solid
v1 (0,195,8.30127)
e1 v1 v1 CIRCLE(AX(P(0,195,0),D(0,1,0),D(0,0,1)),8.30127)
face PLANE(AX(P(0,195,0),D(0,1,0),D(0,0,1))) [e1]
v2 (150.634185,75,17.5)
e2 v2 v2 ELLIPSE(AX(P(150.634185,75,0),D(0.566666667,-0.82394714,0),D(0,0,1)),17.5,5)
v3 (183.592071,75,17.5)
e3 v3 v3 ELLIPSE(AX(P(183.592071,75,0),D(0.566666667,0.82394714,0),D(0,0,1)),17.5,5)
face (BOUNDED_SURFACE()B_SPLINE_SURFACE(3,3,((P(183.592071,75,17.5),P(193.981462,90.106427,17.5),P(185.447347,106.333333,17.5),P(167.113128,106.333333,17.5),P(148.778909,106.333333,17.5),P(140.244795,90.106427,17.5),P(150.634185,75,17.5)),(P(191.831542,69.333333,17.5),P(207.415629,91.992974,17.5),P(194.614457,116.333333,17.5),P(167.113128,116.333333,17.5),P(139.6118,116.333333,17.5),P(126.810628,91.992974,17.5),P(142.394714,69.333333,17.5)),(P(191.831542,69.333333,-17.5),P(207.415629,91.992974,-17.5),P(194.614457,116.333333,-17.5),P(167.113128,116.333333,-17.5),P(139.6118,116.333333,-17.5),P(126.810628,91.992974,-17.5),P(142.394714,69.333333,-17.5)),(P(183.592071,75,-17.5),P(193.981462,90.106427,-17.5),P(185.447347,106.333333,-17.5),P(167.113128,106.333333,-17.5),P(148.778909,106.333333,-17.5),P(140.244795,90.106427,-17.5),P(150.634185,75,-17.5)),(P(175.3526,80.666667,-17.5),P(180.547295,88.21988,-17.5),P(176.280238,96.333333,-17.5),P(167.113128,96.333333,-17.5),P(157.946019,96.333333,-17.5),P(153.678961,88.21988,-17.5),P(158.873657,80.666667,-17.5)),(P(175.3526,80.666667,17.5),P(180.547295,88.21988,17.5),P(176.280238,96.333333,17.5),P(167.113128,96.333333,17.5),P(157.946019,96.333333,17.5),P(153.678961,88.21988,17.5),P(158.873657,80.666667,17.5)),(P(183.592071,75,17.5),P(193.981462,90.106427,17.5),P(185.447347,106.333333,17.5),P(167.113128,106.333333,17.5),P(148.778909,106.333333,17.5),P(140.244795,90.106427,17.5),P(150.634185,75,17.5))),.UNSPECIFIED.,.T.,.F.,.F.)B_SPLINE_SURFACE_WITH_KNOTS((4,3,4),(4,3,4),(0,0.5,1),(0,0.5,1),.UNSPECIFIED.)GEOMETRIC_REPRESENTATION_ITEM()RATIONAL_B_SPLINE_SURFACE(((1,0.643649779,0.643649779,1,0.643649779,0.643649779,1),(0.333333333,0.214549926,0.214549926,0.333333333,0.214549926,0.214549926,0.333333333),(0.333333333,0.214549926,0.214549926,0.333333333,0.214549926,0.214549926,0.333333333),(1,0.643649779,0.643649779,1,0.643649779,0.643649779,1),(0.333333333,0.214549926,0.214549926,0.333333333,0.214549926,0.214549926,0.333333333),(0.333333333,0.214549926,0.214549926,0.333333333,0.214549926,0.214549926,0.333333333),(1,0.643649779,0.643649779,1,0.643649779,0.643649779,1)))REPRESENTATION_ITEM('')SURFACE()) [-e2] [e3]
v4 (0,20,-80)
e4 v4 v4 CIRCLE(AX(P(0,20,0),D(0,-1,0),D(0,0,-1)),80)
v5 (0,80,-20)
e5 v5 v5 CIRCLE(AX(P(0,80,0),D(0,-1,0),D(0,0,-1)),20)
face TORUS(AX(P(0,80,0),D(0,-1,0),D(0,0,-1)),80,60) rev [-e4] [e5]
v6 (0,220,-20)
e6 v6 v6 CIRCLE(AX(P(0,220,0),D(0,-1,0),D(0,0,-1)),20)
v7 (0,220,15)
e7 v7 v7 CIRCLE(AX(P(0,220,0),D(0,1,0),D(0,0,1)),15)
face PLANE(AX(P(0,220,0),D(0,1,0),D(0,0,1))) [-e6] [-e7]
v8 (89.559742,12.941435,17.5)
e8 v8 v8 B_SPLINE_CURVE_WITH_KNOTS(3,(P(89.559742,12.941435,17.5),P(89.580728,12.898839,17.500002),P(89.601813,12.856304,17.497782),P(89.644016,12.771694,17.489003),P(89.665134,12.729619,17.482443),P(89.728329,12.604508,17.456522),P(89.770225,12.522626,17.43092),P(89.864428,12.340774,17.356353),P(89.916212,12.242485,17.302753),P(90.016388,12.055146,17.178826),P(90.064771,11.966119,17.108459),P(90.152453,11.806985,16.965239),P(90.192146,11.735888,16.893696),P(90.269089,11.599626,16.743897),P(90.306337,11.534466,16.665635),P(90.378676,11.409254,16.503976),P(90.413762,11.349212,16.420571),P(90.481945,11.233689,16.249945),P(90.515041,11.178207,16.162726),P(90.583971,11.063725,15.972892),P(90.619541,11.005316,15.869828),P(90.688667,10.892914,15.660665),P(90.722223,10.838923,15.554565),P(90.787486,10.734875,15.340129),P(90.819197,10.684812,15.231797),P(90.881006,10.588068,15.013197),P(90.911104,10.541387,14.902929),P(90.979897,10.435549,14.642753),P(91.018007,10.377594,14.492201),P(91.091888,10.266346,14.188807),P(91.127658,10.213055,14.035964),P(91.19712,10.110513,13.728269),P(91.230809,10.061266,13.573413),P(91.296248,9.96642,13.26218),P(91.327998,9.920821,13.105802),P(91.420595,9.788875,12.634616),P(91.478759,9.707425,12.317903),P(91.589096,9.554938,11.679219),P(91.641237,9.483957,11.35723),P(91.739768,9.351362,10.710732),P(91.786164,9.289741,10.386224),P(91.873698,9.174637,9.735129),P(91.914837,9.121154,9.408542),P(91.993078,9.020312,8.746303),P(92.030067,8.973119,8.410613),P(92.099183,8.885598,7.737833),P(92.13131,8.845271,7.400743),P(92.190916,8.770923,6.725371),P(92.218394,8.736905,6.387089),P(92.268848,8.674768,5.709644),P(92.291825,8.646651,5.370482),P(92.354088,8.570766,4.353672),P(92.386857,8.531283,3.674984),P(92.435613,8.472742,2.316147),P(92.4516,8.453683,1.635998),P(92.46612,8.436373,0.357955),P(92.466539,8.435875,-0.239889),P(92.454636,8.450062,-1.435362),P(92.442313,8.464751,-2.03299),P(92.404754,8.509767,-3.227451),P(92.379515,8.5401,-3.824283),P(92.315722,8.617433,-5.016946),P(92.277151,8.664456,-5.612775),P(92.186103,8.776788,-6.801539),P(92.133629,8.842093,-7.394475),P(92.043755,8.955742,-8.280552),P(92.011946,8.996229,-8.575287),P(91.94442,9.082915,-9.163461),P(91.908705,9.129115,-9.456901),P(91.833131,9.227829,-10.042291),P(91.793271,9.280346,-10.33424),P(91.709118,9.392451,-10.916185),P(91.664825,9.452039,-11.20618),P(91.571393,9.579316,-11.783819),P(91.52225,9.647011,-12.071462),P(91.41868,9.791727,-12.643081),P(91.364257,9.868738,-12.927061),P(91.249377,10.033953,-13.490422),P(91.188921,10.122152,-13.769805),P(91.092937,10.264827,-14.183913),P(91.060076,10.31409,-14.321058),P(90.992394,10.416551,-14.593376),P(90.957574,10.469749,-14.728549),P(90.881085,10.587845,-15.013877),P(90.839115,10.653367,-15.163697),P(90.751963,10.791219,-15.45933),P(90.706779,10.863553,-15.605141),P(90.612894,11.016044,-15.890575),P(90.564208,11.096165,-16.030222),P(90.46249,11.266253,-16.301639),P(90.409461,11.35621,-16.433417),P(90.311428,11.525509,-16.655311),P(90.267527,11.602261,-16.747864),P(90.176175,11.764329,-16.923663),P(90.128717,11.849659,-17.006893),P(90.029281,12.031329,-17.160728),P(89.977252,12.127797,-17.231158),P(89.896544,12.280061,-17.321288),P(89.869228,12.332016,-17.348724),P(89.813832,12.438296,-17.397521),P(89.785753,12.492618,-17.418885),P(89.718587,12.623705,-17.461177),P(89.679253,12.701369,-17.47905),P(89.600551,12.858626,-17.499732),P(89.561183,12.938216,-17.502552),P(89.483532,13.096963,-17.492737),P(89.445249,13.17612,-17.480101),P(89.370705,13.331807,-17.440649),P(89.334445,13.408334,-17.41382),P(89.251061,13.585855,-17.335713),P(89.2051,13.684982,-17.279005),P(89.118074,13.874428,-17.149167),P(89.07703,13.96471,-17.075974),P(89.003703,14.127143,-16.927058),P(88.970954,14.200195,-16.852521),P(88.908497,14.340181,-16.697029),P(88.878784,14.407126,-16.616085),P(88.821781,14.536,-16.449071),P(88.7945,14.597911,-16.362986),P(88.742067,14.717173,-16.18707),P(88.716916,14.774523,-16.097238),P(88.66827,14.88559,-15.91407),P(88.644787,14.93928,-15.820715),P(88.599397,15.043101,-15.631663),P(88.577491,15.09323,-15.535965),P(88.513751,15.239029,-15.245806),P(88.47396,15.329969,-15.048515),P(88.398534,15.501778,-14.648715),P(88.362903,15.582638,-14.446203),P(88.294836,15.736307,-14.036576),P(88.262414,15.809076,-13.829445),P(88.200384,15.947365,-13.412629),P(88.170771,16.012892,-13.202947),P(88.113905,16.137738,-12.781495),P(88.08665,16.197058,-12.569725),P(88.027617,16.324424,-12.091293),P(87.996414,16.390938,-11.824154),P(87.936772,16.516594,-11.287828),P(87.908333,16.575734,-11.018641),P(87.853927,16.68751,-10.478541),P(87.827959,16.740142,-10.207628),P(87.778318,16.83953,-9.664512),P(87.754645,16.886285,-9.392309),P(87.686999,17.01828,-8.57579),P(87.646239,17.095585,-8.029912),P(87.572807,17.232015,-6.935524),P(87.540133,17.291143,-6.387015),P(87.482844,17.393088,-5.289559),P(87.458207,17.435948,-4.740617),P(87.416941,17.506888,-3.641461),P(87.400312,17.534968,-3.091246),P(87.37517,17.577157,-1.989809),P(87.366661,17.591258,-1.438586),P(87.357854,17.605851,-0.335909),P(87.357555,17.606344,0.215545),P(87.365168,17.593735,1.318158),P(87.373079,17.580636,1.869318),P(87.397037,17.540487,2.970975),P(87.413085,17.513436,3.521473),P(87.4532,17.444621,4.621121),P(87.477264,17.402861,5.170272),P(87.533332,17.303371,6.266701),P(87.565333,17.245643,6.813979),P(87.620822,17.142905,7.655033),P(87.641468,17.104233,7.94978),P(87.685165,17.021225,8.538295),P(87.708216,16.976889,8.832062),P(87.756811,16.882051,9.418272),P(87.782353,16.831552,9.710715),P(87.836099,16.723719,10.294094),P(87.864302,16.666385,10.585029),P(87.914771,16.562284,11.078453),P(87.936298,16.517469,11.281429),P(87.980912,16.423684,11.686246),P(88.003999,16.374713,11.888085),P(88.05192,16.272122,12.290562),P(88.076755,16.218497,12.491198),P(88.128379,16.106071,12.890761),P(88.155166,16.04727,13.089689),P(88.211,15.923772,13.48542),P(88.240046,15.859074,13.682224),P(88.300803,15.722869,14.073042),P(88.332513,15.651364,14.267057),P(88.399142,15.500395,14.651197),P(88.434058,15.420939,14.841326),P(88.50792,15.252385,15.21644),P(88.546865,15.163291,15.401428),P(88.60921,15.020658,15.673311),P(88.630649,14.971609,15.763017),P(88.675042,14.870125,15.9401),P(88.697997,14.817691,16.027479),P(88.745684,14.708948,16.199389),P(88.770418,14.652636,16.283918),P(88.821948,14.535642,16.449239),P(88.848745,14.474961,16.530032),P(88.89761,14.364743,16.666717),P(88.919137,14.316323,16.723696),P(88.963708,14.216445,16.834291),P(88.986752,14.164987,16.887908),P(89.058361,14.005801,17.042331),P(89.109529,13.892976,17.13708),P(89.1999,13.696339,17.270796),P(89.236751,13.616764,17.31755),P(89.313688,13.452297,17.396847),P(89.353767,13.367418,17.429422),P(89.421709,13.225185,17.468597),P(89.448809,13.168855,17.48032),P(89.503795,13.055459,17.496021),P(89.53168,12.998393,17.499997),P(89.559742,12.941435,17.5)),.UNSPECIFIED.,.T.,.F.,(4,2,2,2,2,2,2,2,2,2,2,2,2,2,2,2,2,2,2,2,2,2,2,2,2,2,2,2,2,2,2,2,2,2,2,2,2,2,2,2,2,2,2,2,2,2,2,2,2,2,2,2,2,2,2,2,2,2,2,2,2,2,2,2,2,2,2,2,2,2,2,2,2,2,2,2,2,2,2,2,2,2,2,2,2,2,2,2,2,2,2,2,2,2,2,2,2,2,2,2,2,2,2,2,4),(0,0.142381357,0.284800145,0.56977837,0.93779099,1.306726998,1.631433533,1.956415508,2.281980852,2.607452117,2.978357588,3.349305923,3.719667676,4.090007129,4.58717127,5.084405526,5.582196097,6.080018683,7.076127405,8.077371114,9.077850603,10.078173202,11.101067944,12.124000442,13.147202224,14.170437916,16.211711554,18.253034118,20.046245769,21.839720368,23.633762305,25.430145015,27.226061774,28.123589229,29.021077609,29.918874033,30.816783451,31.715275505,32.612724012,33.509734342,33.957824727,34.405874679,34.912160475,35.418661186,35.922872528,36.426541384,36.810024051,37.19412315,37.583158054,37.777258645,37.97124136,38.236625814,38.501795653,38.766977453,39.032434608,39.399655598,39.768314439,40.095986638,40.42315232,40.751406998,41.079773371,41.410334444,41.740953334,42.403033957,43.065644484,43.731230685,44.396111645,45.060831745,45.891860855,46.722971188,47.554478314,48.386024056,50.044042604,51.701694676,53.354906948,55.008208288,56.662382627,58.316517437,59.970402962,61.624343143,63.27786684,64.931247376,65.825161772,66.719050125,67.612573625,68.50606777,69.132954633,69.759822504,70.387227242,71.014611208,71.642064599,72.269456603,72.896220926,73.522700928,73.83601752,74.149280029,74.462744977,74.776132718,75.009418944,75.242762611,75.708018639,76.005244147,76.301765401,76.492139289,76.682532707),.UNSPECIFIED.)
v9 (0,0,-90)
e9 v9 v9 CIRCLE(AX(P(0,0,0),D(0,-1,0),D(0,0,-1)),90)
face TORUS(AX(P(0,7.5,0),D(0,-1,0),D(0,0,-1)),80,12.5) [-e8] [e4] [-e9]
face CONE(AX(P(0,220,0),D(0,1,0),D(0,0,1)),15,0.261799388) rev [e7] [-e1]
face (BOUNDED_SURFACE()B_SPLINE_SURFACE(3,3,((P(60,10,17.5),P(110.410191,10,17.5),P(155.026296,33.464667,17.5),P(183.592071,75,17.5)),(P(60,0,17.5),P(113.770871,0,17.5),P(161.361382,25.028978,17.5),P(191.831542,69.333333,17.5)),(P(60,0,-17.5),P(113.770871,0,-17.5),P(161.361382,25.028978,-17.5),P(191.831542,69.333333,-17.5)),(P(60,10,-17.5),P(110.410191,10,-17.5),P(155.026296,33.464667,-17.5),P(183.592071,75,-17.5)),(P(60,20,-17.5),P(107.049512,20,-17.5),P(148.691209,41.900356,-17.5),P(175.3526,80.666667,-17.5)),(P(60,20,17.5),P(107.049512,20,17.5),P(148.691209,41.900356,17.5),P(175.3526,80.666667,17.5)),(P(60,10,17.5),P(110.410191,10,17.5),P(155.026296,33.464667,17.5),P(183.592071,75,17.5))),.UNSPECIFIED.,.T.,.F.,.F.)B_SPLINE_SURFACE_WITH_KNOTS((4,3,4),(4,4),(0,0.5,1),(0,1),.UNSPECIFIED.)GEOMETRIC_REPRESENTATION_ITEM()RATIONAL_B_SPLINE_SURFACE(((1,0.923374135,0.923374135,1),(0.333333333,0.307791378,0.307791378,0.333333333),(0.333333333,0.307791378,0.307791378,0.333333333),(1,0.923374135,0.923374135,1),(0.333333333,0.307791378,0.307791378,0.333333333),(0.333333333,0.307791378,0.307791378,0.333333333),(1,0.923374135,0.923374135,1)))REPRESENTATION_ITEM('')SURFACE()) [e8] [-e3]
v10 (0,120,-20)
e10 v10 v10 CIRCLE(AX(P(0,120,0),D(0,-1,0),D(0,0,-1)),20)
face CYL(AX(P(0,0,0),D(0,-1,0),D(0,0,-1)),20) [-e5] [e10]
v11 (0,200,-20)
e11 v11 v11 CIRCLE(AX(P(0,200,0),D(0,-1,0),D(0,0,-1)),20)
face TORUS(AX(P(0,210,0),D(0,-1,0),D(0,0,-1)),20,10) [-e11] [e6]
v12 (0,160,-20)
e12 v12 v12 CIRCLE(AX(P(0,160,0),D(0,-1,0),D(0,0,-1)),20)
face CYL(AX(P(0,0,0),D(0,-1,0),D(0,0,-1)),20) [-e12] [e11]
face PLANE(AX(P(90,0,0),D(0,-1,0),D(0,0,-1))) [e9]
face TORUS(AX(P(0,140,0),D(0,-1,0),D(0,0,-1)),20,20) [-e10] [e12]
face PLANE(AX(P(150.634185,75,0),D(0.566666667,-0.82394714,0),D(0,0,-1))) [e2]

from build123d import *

# Parameters (mm, degrees)
SKETCH3_RX         = 17.5
SKETCH3_RY         = 5
SKETCH4_R          = 15
CUT_EXTRUDE1_DEPTH = 25
CUT_EXTRUDE1_TAPER = 15


with BuildPart() as part:
    # Sketch1 → Revolve1 (revolve)
    with BuildSketch(Plane.XY):
        with BuildLine():
            Line((0, 0), (0, 220))
            Line((0, 220), (20, 220))
            ThreePointArc((20, 220), (30, 210), (20, 200))
            Line((20, 200), (20, 160))
            ThreePointArc((20, 160), (40, 140), (20, 120))
            Line((20, 120), (20, 80))
            ThreePointArc((20, 80), (37.573593129, 37.573593129), (80, 20))
            ThreePointArc((80, 20), (91.180339887, 13.090169944), (90, 0))
            Line((90, 0), (0, 0))
        make_face()
    revolve(axis=Axis((0, 0, 0), (0, 1, 0)))

    # Sweep1: sweep along a path in Sketch2
    with BuildLine(Plane.XY) as sweep1_path:
        Line((0, 10), (60, 10))
        ThreePointArc((60, 10), (129.821200219, 27.240819526), (183.592070943, 75))
        ThreePointArc((183.592070943, 75), (167.113128151, 106.333333333), (150.634185358, 75))
    # Sketch3 → Sweep1 (sweep)
    with BuildSketch(Plane(origin=(0, 0, 0), x_dir=(0, 0, -1), z_dir=(1, 0, 0))):
        with Locations(Location((0, 10), (0, 0, 180))):
            Ellipse(SKETCH3_RX, SKETCH3_RY)
    sweep(path=sweep1_path.line)

    # Sketch4 → Cut-Extrude1 (cut)
    with BuildSketch(Plane(origin=(0, 220, 0), x_dir=(1, 0, 0), z_dir=(0, 1, 0))):
        Circle(SKETCH4_R)
    extrude(amount=-CUT_EXTRUDE1_DEPTH, taper=CUT_EXTRUDE1_TAPER, mode=Mode.SUBTRACT)


solid = part.part
